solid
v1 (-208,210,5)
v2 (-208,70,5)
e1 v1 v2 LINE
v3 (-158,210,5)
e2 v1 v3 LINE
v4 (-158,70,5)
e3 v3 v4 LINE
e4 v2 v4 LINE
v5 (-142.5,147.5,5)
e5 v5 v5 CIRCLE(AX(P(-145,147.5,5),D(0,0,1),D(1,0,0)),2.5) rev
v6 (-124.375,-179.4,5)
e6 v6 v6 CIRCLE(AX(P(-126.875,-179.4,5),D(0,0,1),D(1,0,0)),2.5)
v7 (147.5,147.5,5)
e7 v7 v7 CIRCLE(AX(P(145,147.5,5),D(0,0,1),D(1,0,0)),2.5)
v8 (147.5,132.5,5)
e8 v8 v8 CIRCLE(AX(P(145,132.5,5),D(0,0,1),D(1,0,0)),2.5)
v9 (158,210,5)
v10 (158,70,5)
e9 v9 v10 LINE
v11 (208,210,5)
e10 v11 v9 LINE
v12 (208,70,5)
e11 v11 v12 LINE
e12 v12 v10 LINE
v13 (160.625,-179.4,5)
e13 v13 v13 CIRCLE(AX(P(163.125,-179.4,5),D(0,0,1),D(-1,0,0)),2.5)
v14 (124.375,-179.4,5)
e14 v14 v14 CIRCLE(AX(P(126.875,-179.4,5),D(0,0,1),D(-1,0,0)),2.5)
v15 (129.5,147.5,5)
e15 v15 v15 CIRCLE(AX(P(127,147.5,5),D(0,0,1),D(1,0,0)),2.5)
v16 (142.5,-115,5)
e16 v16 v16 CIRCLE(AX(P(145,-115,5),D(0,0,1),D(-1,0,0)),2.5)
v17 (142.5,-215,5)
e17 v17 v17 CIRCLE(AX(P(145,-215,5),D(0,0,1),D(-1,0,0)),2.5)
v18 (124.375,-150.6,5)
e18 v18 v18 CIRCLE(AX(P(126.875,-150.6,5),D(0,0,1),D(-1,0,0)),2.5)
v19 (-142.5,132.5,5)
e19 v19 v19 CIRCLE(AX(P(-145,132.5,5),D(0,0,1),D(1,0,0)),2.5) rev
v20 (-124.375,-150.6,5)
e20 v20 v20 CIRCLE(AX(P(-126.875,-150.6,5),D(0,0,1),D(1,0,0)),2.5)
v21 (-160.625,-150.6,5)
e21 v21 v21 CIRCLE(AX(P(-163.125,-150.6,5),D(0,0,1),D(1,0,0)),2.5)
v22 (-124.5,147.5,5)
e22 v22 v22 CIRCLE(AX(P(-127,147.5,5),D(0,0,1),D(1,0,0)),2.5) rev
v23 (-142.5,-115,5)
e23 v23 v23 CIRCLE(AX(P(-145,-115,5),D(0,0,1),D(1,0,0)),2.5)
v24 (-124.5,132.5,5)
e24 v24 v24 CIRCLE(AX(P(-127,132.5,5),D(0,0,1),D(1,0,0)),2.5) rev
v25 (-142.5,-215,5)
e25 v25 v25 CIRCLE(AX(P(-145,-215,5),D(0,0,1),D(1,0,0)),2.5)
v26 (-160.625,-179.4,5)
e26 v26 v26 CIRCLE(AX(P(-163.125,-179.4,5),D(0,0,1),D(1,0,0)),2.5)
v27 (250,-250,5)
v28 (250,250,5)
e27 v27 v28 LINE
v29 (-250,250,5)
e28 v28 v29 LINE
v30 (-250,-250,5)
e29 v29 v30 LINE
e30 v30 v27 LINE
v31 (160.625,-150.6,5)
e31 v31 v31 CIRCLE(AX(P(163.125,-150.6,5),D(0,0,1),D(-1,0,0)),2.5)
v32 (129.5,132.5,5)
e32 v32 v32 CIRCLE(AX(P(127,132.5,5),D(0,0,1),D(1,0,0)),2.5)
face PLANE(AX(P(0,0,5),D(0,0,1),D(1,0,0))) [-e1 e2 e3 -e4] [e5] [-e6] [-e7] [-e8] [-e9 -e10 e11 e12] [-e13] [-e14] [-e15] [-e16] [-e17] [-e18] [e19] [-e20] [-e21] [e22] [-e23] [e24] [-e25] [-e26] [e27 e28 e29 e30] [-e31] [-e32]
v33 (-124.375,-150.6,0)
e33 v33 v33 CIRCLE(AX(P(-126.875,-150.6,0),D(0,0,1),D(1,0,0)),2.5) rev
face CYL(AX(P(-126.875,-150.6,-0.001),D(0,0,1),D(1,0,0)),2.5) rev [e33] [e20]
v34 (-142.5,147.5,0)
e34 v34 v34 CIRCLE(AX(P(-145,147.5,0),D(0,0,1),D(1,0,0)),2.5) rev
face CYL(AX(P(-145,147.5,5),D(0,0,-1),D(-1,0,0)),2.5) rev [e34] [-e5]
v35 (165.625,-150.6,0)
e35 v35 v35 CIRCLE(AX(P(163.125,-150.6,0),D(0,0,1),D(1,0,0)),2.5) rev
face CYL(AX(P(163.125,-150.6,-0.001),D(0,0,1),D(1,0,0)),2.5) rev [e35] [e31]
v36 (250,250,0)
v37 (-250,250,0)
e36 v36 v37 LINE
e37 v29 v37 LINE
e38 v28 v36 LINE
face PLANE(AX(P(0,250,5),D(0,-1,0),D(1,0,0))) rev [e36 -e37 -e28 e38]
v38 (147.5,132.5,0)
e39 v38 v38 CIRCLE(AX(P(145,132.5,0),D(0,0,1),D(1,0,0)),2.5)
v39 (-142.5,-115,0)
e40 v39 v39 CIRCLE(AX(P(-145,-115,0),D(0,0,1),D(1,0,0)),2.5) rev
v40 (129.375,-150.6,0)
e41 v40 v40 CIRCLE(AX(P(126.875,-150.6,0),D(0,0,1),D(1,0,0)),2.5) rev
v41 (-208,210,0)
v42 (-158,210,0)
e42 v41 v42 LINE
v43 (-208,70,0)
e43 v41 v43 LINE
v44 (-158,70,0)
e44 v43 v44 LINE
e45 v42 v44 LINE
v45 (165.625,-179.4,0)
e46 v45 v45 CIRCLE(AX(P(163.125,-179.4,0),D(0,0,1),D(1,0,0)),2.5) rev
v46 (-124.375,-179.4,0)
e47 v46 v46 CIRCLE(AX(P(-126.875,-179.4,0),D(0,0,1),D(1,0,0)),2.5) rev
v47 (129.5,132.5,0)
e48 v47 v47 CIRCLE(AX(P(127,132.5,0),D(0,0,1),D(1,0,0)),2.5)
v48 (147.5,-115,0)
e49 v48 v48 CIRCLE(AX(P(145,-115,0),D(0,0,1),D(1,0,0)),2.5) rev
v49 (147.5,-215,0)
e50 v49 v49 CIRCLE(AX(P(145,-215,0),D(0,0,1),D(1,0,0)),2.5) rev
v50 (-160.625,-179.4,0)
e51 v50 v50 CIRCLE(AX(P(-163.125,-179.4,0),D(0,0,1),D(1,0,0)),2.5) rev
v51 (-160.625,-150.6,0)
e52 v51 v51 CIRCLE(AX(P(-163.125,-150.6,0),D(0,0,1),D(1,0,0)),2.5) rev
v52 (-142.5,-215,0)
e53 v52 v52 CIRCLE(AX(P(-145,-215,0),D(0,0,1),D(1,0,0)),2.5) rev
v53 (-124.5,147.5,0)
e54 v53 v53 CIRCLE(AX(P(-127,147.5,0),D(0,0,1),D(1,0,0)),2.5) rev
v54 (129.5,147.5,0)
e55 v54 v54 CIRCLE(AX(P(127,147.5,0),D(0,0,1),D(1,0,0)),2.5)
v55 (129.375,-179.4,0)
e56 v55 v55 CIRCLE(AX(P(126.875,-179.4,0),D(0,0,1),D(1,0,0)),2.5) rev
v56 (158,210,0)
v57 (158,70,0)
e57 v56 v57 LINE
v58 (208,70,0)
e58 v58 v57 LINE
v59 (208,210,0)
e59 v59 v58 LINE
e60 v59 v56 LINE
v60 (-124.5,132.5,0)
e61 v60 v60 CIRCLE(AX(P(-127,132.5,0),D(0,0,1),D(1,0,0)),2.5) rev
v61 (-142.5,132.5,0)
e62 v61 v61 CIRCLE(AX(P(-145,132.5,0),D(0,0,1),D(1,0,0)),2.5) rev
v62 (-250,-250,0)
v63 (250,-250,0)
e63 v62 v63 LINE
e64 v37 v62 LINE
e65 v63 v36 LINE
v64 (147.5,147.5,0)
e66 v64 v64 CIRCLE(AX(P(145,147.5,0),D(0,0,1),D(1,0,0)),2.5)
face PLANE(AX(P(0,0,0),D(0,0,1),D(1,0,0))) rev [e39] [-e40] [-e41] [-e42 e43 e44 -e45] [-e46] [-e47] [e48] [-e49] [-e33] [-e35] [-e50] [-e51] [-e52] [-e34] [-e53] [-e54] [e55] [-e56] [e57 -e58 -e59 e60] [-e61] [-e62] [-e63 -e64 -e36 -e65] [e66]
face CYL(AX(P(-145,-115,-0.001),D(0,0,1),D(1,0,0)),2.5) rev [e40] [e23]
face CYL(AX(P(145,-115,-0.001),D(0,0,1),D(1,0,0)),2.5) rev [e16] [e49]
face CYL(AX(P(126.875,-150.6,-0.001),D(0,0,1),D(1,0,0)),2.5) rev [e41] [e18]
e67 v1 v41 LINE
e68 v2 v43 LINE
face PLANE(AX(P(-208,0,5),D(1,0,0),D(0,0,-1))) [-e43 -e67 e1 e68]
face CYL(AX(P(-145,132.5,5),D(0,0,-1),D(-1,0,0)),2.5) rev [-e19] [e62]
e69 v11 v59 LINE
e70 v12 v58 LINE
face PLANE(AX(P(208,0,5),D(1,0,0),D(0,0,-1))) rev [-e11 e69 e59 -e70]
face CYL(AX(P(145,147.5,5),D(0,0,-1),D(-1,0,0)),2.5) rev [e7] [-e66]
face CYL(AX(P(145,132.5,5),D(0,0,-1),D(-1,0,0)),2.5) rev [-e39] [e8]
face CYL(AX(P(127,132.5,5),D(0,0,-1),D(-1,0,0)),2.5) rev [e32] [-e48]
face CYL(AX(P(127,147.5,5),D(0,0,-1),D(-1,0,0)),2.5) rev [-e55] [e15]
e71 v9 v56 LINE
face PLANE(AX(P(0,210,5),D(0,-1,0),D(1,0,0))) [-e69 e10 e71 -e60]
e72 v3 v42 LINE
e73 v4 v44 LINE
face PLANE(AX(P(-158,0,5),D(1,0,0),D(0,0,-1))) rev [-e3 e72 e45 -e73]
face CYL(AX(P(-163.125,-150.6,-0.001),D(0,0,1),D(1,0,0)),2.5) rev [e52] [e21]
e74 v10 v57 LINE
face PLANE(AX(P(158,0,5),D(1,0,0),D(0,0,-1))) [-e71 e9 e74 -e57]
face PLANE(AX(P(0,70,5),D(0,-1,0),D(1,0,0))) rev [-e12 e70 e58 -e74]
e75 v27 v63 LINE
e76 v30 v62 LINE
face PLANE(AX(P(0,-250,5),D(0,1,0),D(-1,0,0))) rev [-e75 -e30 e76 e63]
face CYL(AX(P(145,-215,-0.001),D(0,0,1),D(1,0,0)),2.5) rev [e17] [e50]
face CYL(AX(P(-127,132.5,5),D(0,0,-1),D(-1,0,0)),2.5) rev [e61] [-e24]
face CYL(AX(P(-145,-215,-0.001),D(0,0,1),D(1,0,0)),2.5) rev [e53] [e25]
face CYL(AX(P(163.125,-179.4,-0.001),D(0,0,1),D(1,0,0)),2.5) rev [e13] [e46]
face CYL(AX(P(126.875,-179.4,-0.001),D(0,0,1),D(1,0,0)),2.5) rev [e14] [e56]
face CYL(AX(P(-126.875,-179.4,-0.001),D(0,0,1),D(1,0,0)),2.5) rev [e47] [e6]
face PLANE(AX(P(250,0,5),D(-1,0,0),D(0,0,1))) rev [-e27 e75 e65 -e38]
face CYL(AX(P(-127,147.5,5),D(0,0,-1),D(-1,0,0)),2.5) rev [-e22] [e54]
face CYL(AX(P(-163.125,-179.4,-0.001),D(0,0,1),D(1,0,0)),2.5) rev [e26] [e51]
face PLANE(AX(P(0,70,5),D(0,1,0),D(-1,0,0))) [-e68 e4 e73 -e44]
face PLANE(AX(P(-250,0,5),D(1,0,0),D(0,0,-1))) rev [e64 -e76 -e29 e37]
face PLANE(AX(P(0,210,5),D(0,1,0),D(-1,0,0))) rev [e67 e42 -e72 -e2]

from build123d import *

# Parameters (mm, degrees)
SKETCH1_W           = 500
SKETCH1_H           = 500
SKETCH1_R           = 2.5
SKETCH1_W_2         = 50
SKETCH1_H_2         = 140
BOSS_EXTRUDE1_DEPTH = 5
CUT_EXTRUDE1_START  = -5
SKETCH2_R           = 2.5
CUT_EXTRUDE1_DEPTH  = 5


with BuildPart() as part:
    # Sketch1 → Boss-Extrude1 (new body)
    with BuildSketch(Plane.XY):
        Rectangle(SKETCH1_W, SKETCH1_H)
        with Locations((127, 147.5)):
            Circle(SKETCH1_R, mode=Mode.SUBTRACT)
        with Locations((127, 132.5)):
            Circle(SKETCH1_R, mode=Mode.SUBTRACT)
        with Locations((145, 132.5)):
            Circle(SKETCH1_R, mode=Mode.SUBTRACT)
        with Locations((145, 147.5)):
            Circle(SKETCH1_R, mode=Mode.SUBTRACT)
        with Locations((-145, 147.5)):
            Circle(SKETCH1_R, mode=Mode.SUBTRACT)
        with Locations((-145, 132.5)):
            Circle(SKETCH1_R, mode=Mode.SUBTRACT)
        with Locations((-127, 132.5)):
            Circle(SKETCH1_R, mode=Mode.SUBTRACT)
        with Locations((-127, 147.5)):
            Circle(SKETCH1_R, mode=Mode.SUBTRACT)
        with Locations((183, 140)):
            Rectangle(SKETCH1_W_2, SKETCH1_H_2, mode=Mode.SUBTRACT)
        with Locations((-183, 140)):
            Rectangle(SKETCH1_W_2, SKETCH1_H_2, mode=Mode.SUBTRACT)
    extrude(amount=BOSS_EXTRUDE1_DEPTH)

    # Sketch2 → Cut-Extrude1 (cut)
    with BuildSketch(Plane.XY.offset(5).offset(CUT_EXTRUDE1_START)):
        with Locations((-145, 132.5)):
            Circle(SKETCH2_R)
        with Locations((-163.125, -150.6)):
            Circle(SKETCH2_R)
        with Locations((-126.875, -150.6)):
            Circle(SKETCH2_R)
        with Locations((-126.875, -179.4)):
            Circle(SKETCH2_R)
        with Locations((-163.125, -179.4)):
            Circle(SKETCH2_R)
        with Locations((-145, -115)):
            Circle(SKETCH2_R)
        with Locations((-145, -215)):
            Circle(SKETCH2_R)
        with Locations((145, -215)):
            Circle(SKETCH2_R)
        with Locations((145, -115)):
            Circle(SKETCH2_R)
        with Locations((163.125, -179.4)):
            Circle(SKETCH2_R)
        with Locations((126.875, -179.4)):
            Circle(SKETCH2_R)
        with Locations((126.875, -150.6)):
            Circle(SKETCH2_R)
        with Locations((163.125, -150.6)):
            Circle(SKETCH2_R)
    extrude(amount=CUT_EXTRUDE1_DEPTH, mode=Mode.SUBTRACT)


solid = part.part
